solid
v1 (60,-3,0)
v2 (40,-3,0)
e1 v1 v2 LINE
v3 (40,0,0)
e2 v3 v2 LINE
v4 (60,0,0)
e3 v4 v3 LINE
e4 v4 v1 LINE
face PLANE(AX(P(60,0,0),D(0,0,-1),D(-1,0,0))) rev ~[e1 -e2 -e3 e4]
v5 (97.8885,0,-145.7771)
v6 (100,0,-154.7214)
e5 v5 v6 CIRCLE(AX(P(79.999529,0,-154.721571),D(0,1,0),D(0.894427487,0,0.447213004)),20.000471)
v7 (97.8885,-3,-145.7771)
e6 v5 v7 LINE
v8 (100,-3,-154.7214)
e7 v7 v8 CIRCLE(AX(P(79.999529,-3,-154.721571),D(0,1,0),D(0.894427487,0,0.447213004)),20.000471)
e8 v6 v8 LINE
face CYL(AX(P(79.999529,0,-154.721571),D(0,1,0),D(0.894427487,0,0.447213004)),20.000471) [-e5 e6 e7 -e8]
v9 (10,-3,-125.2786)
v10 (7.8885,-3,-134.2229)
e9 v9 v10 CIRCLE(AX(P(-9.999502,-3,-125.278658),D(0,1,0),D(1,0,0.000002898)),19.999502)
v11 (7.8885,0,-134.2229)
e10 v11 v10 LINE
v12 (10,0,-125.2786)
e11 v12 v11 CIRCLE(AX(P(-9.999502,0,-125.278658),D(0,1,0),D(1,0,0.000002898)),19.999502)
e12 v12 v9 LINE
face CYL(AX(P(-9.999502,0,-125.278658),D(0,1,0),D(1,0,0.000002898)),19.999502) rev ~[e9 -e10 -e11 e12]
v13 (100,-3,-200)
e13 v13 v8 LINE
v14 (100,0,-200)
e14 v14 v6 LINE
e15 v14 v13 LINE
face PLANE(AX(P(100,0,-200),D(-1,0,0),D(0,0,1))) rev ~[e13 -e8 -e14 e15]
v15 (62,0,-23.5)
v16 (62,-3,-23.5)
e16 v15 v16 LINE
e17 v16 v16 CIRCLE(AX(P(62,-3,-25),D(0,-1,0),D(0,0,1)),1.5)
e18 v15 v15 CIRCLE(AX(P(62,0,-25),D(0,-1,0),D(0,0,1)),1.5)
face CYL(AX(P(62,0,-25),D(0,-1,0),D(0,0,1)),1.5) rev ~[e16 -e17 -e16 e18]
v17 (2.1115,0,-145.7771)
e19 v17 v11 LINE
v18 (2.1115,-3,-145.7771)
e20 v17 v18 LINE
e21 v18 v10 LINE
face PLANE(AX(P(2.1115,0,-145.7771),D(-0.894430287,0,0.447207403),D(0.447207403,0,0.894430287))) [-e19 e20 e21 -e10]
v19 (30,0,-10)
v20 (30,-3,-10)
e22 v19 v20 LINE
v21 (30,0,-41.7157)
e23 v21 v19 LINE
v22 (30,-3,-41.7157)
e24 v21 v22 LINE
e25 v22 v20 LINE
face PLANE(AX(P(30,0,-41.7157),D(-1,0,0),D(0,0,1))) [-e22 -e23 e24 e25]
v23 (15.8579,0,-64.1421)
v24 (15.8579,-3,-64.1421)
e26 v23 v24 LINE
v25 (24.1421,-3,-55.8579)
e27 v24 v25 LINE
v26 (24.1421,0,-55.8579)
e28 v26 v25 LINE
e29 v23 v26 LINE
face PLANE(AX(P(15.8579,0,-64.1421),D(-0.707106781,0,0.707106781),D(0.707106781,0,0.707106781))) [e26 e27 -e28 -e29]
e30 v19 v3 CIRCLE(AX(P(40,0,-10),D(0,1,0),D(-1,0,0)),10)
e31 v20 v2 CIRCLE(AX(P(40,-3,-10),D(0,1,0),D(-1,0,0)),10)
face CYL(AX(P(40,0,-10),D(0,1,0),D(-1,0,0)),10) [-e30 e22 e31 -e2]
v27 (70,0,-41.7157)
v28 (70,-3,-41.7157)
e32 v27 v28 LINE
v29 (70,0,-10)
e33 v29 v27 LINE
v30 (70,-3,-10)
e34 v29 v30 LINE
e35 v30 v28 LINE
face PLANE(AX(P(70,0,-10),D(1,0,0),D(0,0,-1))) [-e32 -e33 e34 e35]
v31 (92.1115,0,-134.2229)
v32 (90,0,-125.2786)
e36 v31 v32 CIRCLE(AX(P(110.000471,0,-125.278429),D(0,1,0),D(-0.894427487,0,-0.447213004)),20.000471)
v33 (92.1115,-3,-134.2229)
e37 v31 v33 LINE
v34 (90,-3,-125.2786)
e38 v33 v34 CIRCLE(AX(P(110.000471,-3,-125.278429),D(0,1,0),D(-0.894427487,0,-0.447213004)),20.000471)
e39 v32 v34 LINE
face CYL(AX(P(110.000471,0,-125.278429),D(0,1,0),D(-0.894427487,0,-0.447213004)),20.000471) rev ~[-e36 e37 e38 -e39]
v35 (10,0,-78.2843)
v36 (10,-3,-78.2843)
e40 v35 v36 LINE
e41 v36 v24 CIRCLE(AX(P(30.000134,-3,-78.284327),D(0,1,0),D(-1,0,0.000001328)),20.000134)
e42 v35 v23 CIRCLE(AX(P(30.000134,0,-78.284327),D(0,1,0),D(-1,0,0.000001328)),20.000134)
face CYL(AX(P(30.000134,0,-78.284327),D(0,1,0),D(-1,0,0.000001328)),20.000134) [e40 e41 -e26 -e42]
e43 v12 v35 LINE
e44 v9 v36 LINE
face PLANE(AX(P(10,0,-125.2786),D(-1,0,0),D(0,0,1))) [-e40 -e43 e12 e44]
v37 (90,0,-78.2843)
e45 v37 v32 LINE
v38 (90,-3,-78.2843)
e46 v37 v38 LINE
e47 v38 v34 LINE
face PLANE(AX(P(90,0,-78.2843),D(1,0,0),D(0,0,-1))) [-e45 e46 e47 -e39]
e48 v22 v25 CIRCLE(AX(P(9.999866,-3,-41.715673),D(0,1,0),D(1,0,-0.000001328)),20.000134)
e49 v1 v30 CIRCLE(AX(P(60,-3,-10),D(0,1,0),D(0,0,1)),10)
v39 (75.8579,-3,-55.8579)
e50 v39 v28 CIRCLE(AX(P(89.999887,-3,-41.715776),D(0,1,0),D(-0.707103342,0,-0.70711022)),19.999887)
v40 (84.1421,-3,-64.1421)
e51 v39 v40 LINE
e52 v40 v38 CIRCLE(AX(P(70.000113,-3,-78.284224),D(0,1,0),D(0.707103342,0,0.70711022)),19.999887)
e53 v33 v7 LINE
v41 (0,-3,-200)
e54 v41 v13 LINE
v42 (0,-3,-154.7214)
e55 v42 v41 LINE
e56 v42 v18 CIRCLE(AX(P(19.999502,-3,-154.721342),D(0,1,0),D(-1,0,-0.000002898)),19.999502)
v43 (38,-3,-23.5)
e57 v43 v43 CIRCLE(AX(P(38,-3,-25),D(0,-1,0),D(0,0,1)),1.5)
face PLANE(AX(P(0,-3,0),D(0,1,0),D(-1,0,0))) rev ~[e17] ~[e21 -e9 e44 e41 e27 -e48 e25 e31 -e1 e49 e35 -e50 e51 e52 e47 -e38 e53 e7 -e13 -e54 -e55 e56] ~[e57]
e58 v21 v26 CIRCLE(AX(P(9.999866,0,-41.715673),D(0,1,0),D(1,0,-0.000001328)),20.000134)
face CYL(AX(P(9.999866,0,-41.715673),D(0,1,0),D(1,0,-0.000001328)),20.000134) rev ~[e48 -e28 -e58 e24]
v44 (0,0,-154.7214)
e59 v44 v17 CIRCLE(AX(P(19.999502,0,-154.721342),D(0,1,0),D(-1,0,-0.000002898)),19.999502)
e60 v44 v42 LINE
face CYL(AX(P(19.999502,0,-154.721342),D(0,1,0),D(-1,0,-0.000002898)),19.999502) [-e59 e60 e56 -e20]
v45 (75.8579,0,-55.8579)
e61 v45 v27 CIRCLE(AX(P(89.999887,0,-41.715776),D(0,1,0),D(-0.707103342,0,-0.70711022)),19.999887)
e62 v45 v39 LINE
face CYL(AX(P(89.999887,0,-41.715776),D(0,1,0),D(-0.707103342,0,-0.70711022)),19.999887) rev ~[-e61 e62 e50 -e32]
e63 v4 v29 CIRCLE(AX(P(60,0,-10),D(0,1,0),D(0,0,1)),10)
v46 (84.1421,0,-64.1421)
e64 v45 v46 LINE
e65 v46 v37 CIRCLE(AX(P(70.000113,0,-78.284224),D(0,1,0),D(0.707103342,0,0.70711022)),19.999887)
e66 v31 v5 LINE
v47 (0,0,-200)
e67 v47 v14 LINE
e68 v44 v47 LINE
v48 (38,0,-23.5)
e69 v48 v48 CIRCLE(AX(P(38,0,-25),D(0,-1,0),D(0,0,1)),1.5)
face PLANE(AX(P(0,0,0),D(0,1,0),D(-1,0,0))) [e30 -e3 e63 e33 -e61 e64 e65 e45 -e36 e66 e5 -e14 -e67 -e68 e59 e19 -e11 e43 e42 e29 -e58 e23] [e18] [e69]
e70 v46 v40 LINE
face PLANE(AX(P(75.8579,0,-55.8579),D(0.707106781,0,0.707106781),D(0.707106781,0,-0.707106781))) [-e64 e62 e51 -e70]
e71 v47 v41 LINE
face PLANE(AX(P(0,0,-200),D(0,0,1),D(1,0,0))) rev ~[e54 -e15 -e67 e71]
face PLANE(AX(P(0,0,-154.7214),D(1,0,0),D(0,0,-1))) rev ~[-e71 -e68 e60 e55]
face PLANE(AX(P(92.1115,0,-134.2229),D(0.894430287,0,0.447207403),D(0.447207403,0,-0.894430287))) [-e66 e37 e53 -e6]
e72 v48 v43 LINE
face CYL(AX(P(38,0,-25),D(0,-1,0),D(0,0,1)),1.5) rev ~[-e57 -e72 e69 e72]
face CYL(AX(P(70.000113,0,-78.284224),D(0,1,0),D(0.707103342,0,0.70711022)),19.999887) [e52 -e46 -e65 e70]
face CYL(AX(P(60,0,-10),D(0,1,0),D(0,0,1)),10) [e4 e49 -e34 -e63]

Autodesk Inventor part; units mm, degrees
ref_plane "YZ Plane" through (0, 0, 0) normal (1, 0, 0) x (0, 1, 0)
ref_plane "XZ Plane" through (0, 0, 0) normal (0, 1, 0) x (-1, 0, 0)
sketch "Sketch1" plane through (0, 0, 0) normal (0, 1, 0) x (-1, 0, 0)
  line L0 (0, -154.7214) -> (0, -200)
  line L1 (0, -200) -> (-100, -200)
  line L2 (-100, -200) -> (-100, -154.7214)
  line L3 (-60, 0) -> (-40, 0)
  line L4 (-2.1115, -145.7771) -> (-7.8885, -134.2229)
  line L5 (-10, -125.2786) -> (-10, -78.2843)
  line L6 (-15.8579, -64.1421) -> (-24.1421, -55.8579)
  line L7 (-30, -41.7157) -> (-30, -10)
  line L8 (-70, -10) -> (-70, -41.7157)
  line L9 (-75.8579, -55.8579) -> (-84.1421, -64.1421)
  line L10 (-90, -78.2843) -> (-90, -125.2786)
  line L11 (-92.1115, -134.2229) -> (-97.8885, -145.7771)
  arc A0 (-30, -41.7157) -> (-24.1421, -55.8579) centre (-10, -41.7157) ccw
  arc A1 (-75.8579, -55.8579) -> (-70, -41.7157) centre (-90, -41.7157) ccw
  arc A2 (-84.1421, -64.1421) -> (-90, -78.2843) centre (-70, -78.2843) ccw
  arc A3 (-10, -78.2843) -> (-15.8579, -64.1421) centre (-30, -78.2843) ccw
  arc A4 (-10, -125.2786) -> (-7.8885, -134.2229) centre (10, -125.2786) ccw
  arc A5 (-92.1115, -134.2229) -> (-90, -125.2786) centre (-110, -125.2786) ccw
  arc A6 (-97.8885, -145.7771) -> (-100, -154.7214) centre (-80, -154.7214) ccw
  arc A7 (0, -154.7214) -> (-2.1115, -145.7771) centre (-20, -154.7214) ccw
  arc A8 (-30, -10) -> (-40, 0) centre (-40, -10) ccw
  arc A9 (-60, 0) -> (-70, -10) centre (-60, -10) ccw
  point P0 (0, 0)
  point P1 (-100, 0)
  point P2 (0, -150)
  point P3 (-10, -130)
  point P4 (-10, -70)
  point P5 (-30, -50)
  point P6 (-30, 0)
  point P7 (-70, 0)
  point P8 (-70, -50)
  point P9 (-90, -70)
  point P10 (-90, -130)
  point P11 (-100, -150)
  point P12 (0, 0)
  dimension "d23" = 50
  dimension "d24" = 60
  dimension "d25" = 60
  dimension "d26" = 50
  dimension "d27" = 50
  dimension "d28" = 50
  dimension "d29" = 20
  dimension "d30" = 20
  dimension "d31" = 40
  dimension "d32" = 100
  dimension "d34" = 10
  dimension "d35" = 10
  dimension "d36" = 20
  dimension "d37" = 200
  dimension "d38" = 20
  dimension "d39" = 10
extrude "Extrusion2" add sketch "Sketch1" against normal blind 3
ref_plane "Work Plane1" through (0, 0, -25) normal (0, 0, 1) x (1, 0, 0)
sketch "Sketch8" plane through (0, 0, 0) normal (0, 1, 0) x (1, 0, 0)
  line L0 (70, 10) -> (70, 41.7157) projected
  line L1 (30, 41.7157) -> (30, 10) projected
  line L2 (40, 0) -> (60, 0) projected
  point P0 (0, 0)
  point P1 (38, 25)
  point P2 (62, 25)
  dimension "d117" = 8
  dimension "d118" = 8
  dimension "d119" = 25
  dimension "d120" = 25
hole "Hole2" at (38, 0, -25) at (62, 0, -25) direction (0, -1, 0) diameter 3 end through all
thread "Thread1" size "M3x0.5" class "6H" standard "ANSI Metric M Profile" length 3
thread "Thread2" size "M3x0.5" class "6H" standard "ANSI Metric M Profile" full length
properties part number "base_plate" material "Acrylic, Clear"
